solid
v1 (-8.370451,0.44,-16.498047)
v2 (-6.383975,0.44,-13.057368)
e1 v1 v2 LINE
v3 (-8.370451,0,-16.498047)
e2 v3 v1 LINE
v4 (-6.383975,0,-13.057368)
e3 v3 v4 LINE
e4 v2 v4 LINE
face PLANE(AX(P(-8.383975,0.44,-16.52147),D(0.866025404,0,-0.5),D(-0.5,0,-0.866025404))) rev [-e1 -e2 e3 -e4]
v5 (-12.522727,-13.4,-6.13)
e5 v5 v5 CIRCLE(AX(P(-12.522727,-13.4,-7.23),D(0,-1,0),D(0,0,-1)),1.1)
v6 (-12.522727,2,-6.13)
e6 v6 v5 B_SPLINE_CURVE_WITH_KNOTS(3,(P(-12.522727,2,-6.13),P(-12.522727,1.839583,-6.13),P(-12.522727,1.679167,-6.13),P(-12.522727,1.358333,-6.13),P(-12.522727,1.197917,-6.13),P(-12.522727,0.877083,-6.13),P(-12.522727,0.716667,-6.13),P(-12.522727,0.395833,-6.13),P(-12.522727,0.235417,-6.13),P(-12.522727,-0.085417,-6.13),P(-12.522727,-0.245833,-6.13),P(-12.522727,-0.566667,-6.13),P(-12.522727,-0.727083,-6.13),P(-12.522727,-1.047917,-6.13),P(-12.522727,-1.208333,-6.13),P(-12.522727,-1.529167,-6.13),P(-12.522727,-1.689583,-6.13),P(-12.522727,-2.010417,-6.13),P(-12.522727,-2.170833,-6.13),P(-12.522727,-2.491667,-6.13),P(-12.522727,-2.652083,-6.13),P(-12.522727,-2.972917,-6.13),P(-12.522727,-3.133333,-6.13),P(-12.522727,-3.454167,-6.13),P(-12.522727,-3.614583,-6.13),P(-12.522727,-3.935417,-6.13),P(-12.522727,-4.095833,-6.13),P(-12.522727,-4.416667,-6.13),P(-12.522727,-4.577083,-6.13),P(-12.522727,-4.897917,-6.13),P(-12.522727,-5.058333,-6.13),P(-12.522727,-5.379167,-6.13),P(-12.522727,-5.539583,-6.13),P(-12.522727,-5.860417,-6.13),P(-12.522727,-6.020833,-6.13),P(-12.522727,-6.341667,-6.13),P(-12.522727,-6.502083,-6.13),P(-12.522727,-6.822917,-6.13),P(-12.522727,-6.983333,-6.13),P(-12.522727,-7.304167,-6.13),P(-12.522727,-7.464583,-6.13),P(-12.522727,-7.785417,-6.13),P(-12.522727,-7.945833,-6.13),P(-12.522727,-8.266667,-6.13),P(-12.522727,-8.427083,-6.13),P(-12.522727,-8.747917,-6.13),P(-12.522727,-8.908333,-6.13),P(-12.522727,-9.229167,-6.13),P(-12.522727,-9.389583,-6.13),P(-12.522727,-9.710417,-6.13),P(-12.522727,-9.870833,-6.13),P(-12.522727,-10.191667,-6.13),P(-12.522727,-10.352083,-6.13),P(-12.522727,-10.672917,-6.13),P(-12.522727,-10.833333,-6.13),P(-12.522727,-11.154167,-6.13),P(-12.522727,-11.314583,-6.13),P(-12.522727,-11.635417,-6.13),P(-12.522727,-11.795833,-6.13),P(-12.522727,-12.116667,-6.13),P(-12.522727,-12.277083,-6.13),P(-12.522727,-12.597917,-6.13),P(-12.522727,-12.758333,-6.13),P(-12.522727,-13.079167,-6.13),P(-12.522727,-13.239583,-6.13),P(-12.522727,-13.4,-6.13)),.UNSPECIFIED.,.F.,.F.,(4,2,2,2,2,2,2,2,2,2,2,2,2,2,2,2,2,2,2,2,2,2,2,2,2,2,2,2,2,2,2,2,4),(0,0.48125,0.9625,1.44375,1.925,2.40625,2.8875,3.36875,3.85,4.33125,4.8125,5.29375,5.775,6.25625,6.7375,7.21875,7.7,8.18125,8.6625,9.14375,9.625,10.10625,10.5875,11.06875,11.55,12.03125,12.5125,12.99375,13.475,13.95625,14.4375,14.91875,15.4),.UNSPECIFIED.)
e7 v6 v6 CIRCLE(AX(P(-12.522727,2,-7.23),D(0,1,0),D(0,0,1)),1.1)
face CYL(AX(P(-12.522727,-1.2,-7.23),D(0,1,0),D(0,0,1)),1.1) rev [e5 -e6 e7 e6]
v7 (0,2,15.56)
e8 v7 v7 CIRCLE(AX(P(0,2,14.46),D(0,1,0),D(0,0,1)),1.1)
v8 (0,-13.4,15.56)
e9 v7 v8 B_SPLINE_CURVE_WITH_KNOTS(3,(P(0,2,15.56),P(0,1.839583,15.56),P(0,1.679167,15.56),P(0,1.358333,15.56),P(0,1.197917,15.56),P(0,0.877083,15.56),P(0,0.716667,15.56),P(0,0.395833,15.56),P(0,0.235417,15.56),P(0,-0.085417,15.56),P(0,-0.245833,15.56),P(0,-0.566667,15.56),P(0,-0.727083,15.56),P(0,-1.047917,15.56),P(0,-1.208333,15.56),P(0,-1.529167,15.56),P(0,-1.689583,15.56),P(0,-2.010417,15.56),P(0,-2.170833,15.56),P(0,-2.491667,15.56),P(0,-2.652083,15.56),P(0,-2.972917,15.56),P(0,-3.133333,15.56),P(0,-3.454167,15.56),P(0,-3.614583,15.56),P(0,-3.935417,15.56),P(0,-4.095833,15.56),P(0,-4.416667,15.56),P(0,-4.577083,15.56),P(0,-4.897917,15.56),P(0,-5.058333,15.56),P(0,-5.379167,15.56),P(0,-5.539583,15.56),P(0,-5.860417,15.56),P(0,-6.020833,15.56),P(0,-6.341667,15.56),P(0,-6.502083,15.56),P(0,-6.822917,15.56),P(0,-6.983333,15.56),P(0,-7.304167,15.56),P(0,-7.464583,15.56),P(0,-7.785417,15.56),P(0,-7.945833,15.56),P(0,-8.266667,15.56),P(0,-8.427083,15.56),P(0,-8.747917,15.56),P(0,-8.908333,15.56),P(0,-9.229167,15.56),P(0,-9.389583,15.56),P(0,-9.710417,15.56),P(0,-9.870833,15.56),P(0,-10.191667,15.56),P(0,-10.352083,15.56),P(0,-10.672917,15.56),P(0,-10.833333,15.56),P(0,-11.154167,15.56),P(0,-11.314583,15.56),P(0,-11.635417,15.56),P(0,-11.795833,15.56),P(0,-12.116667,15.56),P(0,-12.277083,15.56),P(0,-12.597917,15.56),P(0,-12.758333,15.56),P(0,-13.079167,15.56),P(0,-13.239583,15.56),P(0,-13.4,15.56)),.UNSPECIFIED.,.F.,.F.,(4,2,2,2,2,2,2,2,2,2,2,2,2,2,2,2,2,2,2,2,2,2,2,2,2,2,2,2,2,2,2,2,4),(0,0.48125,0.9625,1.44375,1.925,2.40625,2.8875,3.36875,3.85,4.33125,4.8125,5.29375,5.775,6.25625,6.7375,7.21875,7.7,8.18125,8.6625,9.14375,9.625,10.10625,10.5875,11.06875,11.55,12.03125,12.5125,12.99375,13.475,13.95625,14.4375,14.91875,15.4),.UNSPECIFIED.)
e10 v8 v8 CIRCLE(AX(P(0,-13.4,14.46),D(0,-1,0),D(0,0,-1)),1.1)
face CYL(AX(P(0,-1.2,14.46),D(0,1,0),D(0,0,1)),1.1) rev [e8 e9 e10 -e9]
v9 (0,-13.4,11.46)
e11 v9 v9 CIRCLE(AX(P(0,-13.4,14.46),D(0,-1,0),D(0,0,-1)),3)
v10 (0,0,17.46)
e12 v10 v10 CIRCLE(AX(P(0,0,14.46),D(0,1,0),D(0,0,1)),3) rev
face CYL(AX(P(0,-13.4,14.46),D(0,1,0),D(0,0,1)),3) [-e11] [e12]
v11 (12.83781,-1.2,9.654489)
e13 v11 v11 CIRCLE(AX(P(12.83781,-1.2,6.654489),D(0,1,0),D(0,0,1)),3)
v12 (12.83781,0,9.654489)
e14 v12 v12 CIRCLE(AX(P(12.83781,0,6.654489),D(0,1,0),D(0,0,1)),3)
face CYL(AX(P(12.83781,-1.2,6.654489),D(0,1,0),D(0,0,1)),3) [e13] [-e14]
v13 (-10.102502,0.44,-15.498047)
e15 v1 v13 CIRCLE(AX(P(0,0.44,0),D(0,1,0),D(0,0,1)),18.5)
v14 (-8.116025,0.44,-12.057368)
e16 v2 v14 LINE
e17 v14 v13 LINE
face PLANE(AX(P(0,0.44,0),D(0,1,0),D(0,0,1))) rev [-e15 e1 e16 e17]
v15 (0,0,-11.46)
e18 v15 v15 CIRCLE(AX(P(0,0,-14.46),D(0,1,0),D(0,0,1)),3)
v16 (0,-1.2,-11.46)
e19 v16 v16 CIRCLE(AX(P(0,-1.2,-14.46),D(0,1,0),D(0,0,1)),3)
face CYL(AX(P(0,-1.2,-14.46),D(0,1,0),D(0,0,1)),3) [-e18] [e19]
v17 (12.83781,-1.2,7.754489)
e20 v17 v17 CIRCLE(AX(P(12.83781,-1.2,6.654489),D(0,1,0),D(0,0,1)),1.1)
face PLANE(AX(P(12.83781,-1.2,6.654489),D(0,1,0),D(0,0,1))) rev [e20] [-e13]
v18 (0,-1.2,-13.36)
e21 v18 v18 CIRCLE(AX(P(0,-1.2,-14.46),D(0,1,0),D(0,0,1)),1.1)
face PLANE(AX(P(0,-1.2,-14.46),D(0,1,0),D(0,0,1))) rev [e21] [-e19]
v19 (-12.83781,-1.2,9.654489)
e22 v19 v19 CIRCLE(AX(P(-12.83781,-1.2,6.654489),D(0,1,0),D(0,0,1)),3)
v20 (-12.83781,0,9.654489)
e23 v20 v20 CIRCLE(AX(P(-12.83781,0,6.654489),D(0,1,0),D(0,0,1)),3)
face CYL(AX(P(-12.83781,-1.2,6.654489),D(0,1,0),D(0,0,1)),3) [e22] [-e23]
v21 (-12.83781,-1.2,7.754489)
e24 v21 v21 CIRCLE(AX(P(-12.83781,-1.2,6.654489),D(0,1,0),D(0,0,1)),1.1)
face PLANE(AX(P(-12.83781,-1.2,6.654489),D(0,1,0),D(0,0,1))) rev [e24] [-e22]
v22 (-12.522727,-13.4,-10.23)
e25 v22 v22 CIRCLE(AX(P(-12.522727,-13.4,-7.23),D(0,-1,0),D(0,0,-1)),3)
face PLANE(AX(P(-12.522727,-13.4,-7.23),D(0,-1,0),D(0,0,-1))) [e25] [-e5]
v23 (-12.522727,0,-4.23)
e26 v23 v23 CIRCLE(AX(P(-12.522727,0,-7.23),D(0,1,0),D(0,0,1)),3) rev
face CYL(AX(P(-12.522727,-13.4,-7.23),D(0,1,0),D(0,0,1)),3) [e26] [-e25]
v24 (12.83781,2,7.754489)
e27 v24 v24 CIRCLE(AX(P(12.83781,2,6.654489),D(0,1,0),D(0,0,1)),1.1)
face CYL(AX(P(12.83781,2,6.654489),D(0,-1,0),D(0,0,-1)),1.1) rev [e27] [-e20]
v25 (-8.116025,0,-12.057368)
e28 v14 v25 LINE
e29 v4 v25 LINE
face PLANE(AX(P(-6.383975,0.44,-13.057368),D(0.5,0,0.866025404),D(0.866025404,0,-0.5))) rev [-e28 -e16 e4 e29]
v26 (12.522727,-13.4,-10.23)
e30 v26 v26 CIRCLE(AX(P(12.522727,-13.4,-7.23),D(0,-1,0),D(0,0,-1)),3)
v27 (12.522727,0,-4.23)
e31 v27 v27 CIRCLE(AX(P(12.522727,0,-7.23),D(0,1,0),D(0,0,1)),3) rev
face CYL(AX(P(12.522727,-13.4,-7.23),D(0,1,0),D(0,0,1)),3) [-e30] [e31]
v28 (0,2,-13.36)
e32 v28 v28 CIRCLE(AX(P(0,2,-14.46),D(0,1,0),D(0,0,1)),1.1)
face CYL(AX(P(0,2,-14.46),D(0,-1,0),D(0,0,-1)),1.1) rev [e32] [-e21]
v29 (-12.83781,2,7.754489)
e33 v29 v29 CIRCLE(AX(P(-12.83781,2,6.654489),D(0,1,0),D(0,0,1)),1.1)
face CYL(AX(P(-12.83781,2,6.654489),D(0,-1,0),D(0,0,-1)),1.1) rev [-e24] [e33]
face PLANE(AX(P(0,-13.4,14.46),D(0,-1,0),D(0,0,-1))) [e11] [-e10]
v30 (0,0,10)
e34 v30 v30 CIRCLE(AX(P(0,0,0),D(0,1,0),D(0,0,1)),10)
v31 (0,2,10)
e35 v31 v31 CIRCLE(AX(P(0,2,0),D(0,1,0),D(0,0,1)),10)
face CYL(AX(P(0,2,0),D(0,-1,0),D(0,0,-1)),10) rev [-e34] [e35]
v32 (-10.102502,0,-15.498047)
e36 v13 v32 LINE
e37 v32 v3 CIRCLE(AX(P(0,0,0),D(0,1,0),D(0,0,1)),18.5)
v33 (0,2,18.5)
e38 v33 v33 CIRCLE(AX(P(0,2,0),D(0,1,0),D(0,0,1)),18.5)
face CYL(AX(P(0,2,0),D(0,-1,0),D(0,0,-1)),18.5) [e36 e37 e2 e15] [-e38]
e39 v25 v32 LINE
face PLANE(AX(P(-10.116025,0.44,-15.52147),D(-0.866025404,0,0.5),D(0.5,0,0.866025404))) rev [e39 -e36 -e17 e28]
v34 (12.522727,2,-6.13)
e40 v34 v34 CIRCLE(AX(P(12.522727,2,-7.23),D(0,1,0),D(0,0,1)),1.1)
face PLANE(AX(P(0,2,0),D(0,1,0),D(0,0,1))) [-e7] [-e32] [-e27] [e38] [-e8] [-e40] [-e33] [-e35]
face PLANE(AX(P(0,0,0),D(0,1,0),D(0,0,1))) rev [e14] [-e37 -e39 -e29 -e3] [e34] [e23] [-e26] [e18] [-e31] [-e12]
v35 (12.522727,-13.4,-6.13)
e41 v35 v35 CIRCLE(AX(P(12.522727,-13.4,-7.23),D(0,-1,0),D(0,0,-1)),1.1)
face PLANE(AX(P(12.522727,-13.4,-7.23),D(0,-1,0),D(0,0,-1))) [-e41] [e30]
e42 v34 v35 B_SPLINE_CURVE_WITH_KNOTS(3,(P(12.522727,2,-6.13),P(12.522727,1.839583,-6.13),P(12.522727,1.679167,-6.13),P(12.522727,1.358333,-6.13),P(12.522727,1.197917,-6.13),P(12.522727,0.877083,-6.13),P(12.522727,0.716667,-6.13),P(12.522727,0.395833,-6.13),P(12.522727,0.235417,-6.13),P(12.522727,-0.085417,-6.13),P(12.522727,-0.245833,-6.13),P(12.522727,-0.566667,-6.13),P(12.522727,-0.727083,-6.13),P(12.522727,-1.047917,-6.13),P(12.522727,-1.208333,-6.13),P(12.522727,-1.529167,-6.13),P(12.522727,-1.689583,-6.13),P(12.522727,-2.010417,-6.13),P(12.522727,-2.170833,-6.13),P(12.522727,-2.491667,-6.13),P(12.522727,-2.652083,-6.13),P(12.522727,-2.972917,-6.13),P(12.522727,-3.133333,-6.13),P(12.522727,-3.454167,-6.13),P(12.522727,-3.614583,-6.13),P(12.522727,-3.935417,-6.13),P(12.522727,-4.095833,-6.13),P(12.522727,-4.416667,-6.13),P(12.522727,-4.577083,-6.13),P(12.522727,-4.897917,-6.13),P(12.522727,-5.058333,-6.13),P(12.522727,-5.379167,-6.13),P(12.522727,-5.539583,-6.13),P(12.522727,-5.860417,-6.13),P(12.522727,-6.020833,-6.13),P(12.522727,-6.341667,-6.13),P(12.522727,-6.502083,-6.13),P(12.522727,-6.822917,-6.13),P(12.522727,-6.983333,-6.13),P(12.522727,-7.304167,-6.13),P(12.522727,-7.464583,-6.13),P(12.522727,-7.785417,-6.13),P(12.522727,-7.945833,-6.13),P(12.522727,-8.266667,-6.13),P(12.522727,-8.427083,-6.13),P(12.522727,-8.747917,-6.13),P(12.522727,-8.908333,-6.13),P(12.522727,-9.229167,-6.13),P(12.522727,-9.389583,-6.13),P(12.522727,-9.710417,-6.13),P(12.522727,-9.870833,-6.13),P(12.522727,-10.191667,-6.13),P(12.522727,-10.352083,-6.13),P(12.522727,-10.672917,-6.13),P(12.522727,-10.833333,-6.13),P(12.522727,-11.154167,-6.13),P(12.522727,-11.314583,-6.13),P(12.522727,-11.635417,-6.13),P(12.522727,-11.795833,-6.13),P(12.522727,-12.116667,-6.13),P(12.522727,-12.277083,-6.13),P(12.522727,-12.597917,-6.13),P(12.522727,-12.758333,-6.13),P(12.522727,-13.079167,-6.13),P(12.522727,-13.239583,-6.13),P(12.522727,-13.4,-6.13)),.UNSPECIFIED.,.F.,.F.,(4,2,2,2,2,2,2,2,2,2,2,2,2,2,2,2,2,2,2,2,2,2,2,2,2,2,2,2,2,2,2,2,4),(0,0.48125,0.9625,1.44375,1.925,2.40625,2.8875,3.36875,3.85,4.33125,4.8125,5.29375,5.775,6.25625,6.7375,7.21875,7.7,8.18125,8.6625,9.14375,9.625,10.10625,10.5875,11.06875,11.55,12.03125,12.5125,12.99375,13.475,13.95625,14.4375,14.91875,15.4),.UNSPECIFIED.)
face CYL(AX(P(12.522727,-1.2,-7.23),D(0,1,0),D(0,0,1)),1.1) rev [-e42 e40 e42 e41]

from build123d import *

# Parameters (mm, degrees)
SKETCH_1_R          = 18.5
SKETCH_1_R_2        = 10
SKETCH_1_R_3        = 1.1
EXTRUDE_1_DEPTH     = 2
EXTRUDE_START       = -3.2
SKETCH_2_R          = 3
SKETCH_2_R_2        = 1.1
EXTRUDE_2_DEPTH     = 1.2
SKETCH_3_R          = 1.1
CUT_EXTRUDE_1_DEPTH = 27.357921011
SKETCH_4_R          = 3
SKETCH_4_R_2        = 1.1
EXTRUDE_3_DEPTH     = 13.4
CUT_EXTRUDE_2_DEPTH = 0.44


with BuildPart() as part:
    # Эскиз1 → Бобышка-Вытянуть1 (new body)
    with BuildSketch(Plane(origin=(0, 0, 0), x_dir=(1, 0, 0), z_dir=(0, 1, 0))):
        with Locations(Location((0, 0, 0), (0, 0, 270))):
            Circle(SKETCH_1_R)
        with Locations(Location((0, 0, 0), (0, 0, 270))):
            Circle(SKETCH_1_R_2, mode=Mode.SUBTRACT)
        with Locations(Location((0, 14.46, 0), (0, 0, 270))):
            Circle(SKETCH_1_R_3, mode=Mode.SUBTRACT)
        with Locations(Location((12.837810469, -6.654488888, 0), (0, 0, 270))):
            Circle(SKETCH_1_R_3, mode=Mode.SUBTRACT)
        with Locations(Location((-12.837810469, -6.654488888, 0), (0, 0, 270))):
            Circle(SKETCH_1_R_3, mode=Mode.SUBTRACT)
    extrude(amount=EXTRUDE_1_DEPTH)

    # Эскиз2 → Бобышка-Вытянуть2 (add)
    # profile 1 of 3: a face of its own
    with BuildSketch(Plane(origin=(0, 2, 0), x_dir=(1, 0, 0), z_dir=(0, 1, 0)).offset(EXTRUDE_START)):
        with Locations(Location((0, 14.46, 0), (0, 0, 270))):
            Circle(SKETCH_2_R)
        with Locations(Location((0, 14.46, 0), (0, 0, 270))):
            Circle(SKETCH_2_R_2, mode=Mode.SUBTRACT)
    # profile 2 of 3: a face of its own
    with BuildSketch(Plane(origin=(0, 2, 0), x_dir=(1, 0, 0), z_dir=(0, 1, 0)).offset(EXTRUDE_START)):
        with Locations(Location((-12.837810469, -6.654488888, 0), (0, 0, 270))):
            Circle(SKETCH_2_R)
        with Locations(Location((-12.837810469, -6.654488888, 0), (0, 0, 270))):
            Circle(SKETCH_2_R_2, mode=Mode.SUBTRACT)
    # profile 3 of 3: a face of its own
    with BuildSketch(Plane(origin=(0, 2, 0), x_dir=(1, 0, 0), z_dir=(0, 1, 0)).offset(EXTRUDE_START)):
        with Locations(Location((12.837810469, -6.654488888, 0), (0, 0, 270))):
            Circle(SKETCH_2_R)
        with Locations(Location((12.837810469, -6.654488888, 0), (0, 0, 270))):
            Circle(SKETCH_2_R_2, mode=Mode.SUBTRACT)
    extrude(amount=EXTRUDE_2_DEPTH)

    # Эскиз3 → Вырез-Вытянуть1 (cut, through all)
    with BuildSketch(Plane(origin=(0, 2, 0), x_dir=(1, 0, 0), z_dir=(0, 1, 0))):
        with Locations(Location((-12.522727339, 7.23, 0), (0, 0, 270))):
            Circle(SKETCH_3_R)
        with Locations(Location((12.522727339, 7.23, 0), (0, 0, 270))):
            Circle(SKETCH_3_R)
        with Locations(Location((0, -14.46, 0), (0, 0, 270))):
            Circle(SKETCH_3_R)
    extrude(amount=-CUT_EXTRUDE_1_DEPTH, mode=Mode.SUBTRACT)

    # Эскиз4 → Бобышка-Вытянуть3 (add)
    # profile 1 of 3: a face of its own
    with BuildSketch(Plane.XZ):
        with Locations(Location((-12.522727339, -7.23, 0), (0, 0, 90))):
            Circle(SKETCH_4_R)
        with Locations(Location((-12.522727339, -7.23, 0), (0, 0, 90))):
            Circle(SKETCH_4_R_2, mode=Mode.SUBTRACT)
    # profile 2 of 3: a face of its own
    with BuildSketch(Plane.XZ):
        with Locations(Location((0, 14.46, 0), (0, 0, 90))):
            Circle(SKETCH_4_R)
        with Locations(Location((0, 14.46, 0), (0, 0, 90))):
            Circle(SKETCH_4_R_2, mode=Mode.SUBTRACT)
    # profile 3 of 3: a face of its own
    with BuildSketch(Plane.XZ):
        with Locations(Location((12.522727339, -7.23, 0), (0, 0, 90))):
            Circle(SKETCH_4_R)
        with Locations(Location((12.522727339, -7.23, 0), (0, 0, 90))):
            Circle(SKETCH_4_R_2, mode=Mode.SUBTRACT)
    extrude(amount=EXTRUDE_3_DEPTH)

    # Эскиз5 → Вырез-Вытянуть2 (cut)
    with BuildSketch(Plane.XZ):
        Polygon((-8.383974596, -16.52146997), (-6.383974596, -13.057368355), (-8.116025404, -12.057368355), (-10.116025404, -15.52146997), align=None)
    extrude(amount=-CUT_EXTRUDE_2_DEPTH, mode=Mode.SUBTRACT)


solid = part.part
